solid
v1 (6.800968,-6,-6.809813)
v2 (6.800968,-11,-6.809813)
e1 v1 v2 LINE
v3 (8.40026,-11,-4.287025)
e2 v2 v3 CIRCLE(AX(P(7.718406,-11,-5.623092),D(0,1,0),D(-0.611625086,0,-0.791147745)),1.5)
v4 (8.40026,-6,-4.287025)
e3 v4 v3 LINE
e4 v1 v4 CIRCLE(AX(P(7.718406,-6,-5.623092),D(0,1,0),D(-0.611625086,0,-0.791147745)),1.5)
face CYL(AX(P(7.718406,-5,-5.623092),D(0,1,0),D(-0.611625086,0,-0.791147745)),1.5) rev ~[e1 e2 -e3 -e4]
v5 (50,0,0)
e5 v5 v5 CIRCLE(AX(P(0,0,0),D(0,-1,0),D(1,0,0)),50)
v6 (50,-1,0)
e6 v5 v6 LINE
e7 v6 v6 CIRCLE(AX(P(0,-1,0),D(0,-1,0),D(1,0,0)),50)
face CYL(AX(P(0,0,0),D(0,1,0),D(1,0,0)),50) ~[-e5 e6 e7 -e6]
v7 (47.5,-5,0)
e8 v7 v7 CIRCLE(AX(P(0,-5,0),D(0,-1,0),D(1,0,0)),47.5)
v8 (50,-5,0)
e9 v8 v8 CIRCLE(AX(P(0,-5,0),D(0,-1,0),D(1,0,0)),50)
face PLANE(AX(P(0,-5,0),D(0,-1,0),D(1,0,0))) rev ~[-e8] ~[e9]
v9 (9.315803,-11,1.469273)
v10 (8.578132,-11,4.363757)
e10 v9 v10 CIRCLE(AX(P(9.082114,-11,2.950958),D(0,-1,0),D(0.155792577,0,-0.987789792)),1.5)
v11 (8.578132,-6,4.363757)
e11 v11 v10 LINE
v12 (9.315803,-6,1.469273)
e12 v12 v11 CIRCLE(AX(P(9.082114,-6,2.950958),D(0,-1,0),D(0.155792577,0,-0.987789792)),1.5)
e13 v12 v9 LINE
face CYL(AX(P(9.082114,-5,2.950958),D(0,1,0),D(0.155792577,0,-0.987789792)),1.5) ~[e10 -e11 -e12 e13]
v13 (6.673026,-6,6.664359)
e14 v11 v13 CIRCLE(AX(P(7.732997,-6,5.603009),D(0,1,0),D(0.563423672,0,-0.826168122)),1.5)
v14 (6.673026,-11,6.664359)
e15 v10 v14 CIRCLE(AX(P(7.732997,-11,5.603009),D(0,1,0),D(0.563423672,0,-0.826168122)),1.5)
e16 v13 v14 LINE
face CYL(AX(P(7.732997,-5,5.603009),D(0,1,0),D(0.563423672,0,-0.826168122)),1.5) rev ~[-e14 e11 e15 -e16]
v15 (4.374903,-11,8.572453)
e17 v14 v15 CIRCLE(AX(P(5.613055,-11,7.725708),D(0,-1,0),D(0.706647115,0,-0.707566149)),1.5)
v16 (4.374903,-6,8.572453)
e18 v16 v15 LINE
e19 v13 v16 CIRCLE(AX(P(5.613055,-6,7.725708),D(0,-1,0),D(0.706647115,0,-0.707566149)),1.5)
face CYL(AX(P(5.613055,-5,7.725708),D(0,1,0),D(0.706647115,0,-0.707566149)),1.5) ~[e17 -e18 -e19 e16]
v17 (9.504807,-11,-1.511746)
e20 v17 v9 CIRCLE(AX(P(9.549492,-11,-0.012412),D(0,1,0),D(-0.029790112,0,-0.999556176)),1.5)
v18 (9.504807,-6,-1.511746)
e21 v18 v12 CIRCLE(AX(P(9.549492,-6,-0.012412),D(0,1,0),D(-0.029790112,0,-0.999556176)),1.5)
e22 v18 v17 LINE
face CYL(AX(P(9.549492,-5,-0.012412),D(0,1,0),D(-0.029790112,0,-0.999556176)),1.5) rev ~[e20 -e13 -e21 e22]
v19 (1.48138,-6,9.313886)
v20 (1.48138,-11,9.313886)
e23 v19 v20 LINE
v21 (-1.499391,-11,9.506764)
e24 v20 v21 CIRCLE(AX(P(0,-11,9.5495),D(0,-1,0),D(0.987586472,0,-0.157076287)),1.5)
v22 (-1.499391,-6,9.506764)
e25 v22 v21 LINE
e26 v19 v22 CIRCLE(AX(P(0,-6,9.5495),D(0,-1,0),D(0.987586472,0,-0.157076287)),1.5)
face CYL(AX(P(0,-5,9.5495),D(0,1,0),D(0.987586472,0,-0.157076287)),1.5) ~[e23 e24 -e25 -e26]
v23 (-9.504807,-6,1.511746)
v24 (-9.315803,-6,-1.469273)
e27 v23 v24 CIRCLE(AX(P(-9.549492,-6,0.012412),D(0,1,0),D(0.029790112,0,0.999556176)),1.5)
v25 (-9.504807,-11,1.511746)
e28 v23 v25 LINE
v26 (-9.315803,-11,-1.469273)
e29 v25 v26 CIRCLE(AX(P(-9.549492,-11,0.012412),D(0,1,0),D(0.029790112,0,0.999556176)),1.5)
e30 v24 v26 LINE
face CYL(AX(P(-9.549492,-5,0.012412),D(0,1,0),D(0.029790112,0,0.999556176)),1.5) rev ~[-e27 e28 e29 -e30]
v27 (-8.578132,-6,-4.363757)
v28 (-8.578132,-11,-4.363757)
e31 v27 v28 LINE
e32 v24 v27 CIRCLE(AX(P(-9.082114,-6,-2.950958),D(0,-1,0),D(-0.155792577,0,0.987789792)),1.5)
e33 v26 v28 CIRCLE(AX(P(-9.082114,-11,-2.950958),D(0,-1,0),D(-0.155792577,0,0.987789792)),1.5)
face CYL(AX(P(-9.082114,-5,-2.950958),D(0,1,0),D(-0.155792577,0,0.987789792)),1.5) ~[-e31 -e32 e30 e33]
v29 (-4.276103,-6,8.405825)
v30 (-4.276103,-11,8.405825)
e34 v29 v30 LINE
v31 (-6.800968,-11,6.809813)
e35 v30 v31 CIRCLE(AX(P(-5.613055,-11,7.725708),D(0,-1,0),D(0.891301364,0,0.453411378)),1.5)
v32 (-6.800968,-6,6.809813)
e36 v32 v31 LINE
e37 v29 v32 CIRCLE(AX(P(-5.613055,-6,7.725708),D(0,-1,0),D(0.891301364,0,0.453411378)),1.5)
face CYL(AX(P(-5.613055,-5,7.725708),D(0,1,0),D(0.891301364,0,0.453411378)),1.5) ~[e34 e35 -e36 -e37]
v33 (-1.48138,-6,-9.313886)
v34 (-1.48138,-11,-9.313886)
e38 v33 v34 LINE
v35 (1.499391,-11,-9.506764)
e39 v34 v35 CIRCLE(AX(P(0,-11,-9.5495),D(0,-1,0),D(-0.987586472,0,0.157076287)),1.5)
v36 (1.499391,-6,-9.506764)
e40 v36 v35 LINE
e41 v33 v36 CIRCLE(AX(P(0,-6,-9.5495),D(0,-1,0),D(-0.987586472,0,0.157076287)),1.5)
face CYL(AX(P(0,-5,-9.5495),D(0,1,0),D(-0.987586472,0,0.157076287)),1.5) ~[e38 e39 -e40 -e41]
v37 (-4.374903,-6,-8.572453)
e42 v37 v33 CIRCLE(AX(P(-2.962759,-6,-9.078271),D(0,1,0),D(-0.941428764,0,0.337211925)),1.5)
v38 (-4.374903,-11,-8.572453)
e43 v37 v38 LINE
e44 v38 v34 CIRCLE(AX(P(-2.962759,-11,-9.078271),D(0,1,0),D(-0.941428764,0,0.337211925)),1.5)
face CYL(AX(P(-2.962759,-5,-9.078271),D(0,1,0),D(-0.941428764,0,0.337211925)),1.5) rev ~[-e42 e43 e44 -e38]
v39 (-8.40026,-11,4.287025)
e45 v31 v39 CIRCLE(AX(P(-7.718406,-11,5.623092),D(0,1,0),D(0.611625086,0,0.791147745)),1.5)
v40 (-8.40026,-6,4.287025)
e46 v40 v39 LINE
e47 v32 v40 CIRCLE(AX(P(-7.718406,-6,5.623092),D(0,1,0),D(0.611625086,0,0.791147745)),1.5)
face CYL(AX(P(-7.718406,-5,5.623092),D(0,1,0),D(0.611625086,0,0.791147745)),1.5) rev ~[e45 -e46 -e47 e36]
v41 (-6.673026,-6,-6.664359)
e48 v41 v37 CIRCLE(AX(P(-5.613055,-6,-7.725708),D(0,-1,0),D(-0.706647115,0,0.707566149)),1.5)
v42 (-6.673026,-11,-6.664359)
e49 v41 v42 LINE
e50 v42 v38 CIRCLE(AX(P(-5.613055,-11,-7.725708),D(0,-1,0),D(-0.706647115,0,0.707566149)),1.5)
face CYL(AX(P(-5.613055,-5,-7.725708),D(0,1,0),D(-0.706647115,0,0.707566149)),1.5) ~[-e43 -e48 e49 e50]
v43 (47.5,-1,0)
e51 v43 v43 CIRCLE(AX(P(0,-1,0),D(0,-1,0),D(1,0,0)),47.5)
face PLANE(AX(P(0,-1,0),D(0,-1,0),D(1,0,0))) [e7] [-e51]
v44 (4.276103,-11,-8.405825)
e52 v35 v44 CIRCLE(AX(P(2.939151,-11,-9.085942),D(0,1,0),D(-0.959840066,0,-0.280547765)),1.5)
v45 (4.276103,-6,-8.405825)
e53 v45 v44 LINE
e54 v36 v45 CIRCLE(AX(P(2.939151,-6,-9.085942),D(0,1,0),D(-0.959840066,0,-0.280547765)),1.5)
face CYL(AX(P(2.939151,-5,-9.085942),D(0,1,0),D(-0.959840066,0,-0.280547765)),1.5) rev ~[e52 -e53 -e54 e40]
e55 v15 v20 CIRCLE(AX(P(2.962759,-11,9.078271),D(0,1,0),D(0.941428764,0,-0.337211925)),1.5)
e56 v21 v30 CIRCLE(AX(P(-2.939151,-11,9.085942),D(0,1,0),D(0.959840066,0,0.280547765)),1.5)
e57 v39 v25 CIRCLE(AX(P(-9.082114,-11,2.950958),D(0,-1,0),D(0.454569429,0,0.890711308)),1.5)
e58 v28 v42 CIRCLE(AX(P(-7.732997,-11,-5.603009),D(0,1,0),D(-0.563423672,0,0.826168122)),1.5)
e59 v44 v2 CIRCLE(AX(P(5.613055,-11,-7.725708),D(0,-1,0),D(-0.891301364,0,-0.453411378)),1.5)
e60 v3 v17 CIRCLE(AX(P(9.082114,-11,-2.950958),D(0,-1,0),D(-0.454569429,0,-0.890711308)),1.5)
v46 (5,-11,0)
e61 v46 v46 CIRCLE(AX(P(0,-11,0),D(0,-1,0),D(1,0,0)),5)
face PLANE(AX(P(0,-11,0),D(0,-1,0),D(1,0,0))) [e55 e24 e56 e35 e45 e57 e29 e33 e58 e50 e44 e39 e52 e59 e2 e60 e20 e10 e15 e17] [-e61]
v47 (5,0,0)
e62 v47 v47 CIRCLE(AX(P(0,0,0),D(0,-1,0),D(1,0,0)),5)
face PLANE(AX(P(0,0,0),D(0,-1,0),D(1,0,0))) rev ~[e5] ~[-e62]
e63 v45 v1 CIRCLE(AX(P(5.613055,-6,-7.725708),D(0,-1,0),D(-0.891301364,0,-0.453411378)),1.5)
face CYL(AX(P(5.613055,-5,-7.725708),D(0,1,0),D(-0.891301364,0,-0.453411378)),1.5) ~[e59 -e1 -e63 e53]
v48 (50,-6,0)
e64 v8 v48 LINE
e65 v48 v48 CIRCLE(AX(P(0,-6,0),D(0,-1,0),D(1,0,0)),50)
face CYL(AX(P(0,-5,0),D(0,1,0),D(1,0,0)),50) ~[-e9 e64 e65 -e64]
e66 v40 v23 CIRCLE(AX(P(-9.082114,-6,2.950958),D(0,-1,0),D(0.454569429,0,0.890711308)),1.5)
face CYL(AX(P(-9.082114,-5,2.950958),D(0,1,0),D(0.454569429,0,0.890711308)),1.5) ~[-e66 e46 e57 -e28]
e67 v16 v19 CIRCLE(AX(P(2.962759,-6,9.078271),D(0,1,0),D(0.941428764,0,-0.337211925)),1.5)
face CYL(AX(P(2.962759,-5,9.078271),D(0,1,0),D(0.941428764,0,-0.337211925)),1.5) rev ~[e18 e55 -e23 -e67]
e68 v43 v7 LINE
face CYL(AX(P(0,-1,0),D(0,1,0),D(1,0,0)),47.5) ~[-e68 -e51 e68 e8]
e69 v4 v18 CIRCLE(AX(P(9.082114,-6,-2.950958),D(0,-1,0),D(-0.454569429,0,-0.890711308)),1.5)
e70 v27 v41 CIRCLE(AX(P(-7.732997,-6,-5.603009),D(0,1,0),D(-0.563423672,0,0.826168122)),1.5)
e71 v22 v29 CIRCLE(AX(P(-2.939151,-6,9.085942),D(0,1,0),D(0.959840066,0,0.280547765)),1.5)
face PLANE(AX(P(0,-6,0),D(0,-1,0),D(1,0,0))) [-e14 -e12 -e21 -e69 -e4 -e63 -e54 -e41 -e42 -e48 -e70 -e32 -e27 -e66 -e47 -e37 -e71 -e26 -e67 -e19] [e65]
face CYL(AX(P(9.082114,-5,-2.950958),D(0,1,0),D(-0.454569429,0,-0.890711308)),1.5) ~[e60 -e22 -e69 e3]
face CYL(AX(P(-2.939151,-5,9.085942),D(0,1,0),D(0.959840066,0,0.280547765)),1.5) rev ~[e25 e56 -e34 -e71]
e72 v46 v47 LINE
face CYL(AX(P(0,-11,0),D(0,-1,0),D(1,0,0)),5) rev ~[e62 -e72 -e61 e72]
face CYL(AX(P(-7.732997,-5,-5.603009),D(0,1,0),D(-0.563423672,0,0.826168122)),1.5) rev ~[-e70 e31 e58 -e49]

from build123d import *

# Parameters (mm, degrees)
F0_R      = 50
F1_DEPTH  = 1
F2_R      = 47.5
F3_DEPTH  = 4
F4_R      = 50
F4_R_2    = 47.5
F5_DEPTH  = 1
F7_DEPTH  = 6
F8_DEPTH  = 1
F9_R      = 5
F10_DEPTH = 25


with BuildPart() as f1:
    # F0 (on Front) → F1 (new body)
    with BuildSketch(Plane.XZ):
        Circle(F0_R)
    extrude(amount=F1_DEPTH)

    # F2 (on face) → F3 (join)
    with BuildSketch(Plane.XZ.offset(1)):
        Circle(F2_R)
    extrude(amount=F3_DEPTH)

    # F4 (on face) → F5 (join)
    with BuildSketch(Plane.XZ.offset(5)):
        Circle(F4_R)
        Circle(F4_R_2, mode=Mode.SUBTRACT)
    extrude(amount=F5_DEPTH)

    # F6 (on face) → F7 (join)
    with BuildSketch(Plane.XZ.offset(5)):
        with BuildLine():
            ThreePointArc((4.3749025625, 8.5724532519), (2.590430401, 7.6252153584), (1.4813797084, 9.3138855699))
            ThreePointArc((1.4813797084, 9.3138855699), (0.0968585728, 11.046369539), (-1.4993910756, 9.5067635707))
            ThreePointArc((-1.4993910756, 9.5067635707), (-2.3862869161, 7.6915455975), (-4.2761032204, 8.4058248554))
            ThreePointArc((-4.2761032204, 8.4058248554), (-6.4145328749, 8.9936327239), (-6.8009682853, 6.8098133285))
            ThreePointArc((-6.8009682853, 6.8098133285), (-6.4515237381, 4.8199668444), (-8.4002600583, 4.2870247495))
            ThreePointArc((-8.4002600583, 4.2870247495), (-10.4757907864, 3.5056338906), (-9.5048067664, 1.5117458519))
            ThreePointArc((-9.5048067664, 1.5117458519), (-8.0524977714, 0.1073245813), (-9.3158030683, -1.4692731))
            ThreePointArc((-9.3158030683, -1.4692731), (-10.5356526766, -3.3213979368), (-8.5781321192, -4.3637571578))
            ThreePointArc((-8.5781321192, -4.3637571578), (-6.5776913503, -4.6463120239), (-6.6730259387, -6.6643585641))
            ThreePointArc((-6.6730259387, -6.6643585641), (-6.5712533379, -8.8797686425), (-4.3749025625, -8.5724532519))
            ThreePointArc((-4.3749025625, -8.5724532519), (-2.590430401, -7.6252153584), (-1.4813797084, -9.3138855699))
            ThreePointArc((-1.4813797084, -9.3138855699), (-0.0968585728, -11.046369539), (1.4993910756, -9.5067635707))
            ThreePointArc((1.4993910756, -9.5067635707), (2.3862869161, -7.6915455975), (4.2761032204, -8.4058248554))
            ThreePointArc((4.2761032204, -8.4058248554), (6.4145328749, -8.9936327239), (6.8009682853, -6.8098133285))
            ThreePointArc((6.8009682853, -6.8098133285), (6.4515237381, -4.8199668444), (8.4002600583, -4.2870247495))
            ThreePointArc((8.4002600583, -4.2870247495), (10.4757907864, -3.5056338906), (9.5048067664, -1.5117458519))
            ThreePointArc((9.5048067664, -1.5117458519), (8.0524977714, -0.1073245813), (9.3158030683, 1.4692731))
            ThreePointArc((9.3158030683, 1.4692731), (10.5356526766, 3.3213979368), (8.5781321192, 4.3637571578))
            ThreePointArc((8.5781321192, 4.3637571578), (6.5776913503, 4.6463120239), (6.6730259387, 6.6643585641))
            ThreePointArc((6.6730259387, 6.6643585641), (6.5712533379, 8.8797686425), (4.3749025625, 8.5724532519))
        make_face()
    extrude(amount=F7_DEPTH)

    # F8 (add): a face of the model
    f8_faces = [f1.faces().sort_by_distance(p)[0] for p in [
        (-46.1564971157, -5, 0),
    ]]
    extrude(f8_faces, amount=F8_DEPTH)

    # F9 (on face) → F10 (cut)
    with BuildSketch(Plane.XZ.offset(11)):
        Circle(F9_R)
    extrude(amount=-F10_DEPTH, mode=Mode.SUBTRACT)


solid = f1.part
